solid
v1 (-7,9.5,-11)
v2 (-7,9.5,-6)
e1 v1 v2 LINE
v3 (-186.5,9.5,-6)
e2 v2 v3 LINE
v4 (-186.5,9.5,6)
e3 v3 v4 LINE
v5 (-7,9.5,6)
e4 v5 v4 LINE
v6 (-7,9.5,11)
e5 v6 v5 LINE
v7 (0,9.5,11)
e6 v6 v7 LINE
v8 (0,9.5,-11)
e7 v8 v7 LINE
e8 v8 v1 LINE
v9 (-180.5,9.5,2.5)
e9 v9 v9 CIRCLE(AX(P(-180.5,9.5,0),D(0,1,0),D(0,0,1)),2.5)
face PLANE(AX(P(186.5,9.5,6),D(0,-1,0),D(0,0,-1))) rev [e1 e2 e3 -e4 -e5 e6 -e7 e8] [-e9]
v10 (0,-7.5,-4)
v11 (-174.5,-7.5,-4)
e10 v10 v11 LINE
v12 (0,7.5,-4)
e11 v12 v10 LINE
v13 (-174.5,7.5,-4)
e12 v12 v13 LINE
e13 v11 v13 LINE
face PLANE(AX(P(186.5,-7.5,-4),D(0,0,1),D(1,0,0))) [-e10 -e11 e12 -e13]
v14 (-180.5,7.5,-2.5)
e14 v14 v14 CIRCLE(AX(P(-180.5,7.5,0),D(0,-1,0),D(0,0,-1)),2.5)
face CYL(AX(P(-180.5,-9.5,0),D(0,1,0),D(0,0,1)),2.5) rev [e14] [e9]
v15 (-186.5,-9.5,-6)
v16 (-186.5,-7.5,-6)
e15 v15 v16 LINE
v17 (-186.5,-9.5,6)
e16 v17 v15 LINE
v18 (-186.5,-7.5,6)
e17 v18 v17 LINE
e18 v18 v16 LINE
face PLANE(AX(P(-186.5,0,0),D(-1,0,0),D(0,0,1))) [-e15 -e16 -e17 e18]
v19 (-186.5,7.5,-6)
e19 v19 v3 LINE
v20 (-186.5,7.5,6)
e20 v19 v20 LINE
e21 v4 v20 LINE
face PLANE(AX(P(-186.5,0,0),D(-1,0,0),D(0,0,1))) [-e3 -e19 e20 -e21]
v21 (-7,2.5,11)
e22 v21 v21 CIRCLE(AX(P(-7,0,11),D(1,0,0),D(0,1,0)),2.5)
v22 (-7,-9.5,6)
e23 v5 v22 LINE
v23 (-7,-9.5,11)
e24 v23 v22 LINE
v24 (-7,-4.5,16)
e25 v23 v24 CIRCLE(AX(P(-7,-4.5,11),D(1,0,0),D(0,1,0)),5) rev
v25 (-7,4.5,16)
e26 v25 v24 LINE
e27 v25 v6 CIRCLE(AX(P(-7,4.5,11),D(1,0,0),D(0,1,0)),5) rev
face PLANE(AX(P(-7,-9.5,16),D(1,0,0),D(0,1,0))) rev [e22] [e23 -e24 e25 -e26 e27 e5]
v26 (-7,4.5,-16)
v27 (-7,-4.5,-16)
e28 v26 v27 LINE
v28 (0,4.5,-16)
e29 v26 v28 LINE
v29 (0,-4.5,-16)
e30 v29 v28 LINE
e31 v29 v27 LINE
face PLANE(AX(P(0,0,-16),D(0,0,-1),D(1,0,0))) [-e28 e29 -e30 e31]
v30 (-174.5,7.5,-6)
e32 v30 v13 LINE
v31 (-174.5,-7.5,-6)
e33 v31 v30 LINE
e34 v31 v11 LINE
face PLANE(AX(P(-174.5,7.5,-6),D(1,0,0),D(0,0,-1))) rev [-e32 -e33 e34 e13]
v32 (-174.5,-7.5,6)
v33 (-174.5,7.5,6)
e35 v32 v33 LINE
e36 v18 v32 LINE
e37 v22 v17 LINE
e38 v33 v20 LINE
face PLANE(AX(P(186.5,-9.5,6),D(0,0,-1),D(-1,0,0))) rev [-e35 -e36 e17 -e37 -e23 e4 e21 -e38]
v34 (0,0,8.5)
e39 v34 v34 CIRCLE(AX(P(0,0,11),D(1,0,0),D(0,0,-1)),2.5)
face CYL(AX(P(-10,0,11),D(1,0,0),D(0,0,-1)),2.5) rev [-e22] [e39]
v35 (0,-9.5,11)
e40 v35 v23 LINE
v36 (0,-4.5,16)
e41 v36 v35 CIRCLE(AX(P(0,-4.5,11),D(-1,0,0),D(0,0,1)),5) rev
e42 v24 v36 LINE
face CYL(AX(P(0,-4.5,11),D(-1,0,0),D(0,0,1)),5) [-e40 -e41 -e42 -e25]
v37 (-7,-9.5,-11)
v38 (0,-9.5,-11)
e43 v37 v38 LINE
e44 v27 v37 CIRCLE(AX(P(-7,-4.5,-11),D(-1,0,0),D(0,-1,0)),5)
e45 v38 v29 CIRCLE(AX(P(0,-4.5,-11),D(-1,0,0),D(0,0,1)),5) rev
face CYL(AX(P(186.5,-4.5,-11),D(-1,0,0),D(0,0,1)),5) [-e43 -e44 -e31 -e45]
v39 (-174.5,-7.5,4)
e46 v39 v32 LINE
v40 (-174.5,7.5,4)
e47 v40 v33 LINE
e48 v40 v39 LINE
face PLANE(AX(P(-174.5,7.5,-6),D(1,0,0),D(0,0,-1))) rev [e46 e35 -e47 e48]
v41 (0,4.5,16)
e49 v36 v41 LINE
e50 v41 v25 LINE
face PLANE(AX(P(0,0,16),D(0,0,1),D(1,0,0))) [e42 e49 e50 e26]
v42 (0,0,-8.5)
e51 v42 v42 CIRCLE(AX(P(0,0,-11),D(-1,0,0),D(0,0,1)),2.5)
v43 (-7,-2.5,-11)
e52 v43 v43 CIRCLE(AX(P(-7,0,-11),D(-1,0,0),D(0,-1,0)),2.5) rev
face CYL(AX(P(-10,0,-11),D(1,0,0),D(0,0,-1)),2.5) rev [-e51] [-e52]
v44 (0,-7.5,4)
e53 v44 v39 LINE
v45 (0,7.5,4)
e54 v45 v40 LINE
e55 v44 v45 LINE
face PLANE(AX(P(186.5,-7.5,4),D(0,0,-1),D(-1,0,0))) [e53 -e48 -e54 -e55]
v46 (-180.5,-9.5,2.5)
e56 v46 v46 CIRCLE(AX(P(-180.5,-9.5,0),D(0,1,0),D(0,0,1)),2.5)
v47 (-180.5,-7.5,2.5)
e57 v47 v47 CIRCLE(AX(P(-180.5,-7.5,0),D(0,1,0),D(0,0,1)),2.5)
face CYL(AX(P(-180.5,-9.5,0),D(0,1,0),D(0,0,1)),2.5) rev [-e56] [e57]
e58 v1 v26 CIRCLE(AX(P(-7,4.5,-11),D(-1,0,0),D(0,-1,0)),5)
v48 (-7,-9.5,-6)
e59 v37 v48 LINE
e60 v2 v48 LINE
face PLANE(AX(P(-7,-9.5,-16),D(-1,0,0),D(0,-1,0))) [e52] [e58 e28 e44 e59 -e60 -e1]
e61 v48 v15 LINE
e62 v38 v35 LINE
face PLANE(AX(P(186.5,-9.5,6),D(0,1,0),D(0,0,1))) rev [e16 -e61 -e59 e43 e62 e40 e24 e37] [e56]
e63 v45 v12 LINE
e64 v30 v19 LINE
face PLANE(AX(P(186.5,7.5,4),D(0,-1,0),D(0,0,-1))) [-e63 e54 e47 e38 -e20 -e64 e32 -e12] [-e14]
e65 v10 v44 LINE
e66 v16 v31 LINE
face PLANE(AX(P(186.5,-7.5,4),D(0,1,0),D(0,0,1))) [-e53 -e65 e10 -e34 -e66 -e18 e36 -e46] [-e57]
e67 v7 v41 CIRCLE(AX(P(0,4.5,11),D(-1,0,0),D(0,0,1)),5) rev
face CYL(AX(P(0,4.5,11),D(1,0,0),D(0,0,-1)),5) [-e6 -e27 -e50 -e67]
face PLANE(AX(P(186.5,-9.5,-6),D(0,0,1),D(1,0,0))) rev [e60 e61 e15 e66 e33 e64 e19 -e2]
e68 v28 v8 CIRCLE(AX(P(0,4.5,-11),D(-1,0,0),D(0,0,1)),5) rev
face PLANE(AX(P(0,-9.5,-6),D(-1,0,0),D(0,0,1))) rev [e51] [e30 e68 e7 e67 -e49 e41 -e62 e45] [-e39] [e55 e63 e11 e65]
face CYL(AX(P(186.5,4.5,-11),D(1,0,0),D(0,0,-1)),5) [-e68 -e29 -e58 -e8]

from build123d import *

# Parameters (mm, degrees)
CROQUIS1_W              = 12
CROQUIS1_H              = 19
CROQUIS1_W_2            = 8
CROQUIS1_H_2            = 15
SALIENTE_EXTRUIR1_DEPTH = 186.5
CROQUIS2_W              = 12
CROQUIS2_H              = 15
CORTAR_EXTRUIR1_DEPTH   = 12
CROQUIS3_R              = 2.5
CORTAR_EXTRUIR2_DEPTH   = 19
SKETCH1_W               = 186.5
SKETCH1_H               = 19
CUT_EXTRUDE1_DEPTH      = 13
SKETCH2_W               = 7
SKETCH2_H               = 19
BOSS_EXTRUDE1_DEPTH     = 10
SKETCH3_R               = 2.5
CUT_EXTRUDE2_DEPTH      = 10
FILLET1_R               = 5
FILLET2_R               = 5


with BuildPart() as part:
    # Croquis1 → Saliente-Extruir1 (new body, symmetric)
    with BuildSketch(Plane(origin=(0, 0, 0), x_dir=(0, 0, -1), z_dir=(1, 0, 0))):
        Rectangle(CROQUIS1_W, CROQUIS1_H)
        Rectangle(CROQUIS1_W_2, CROQUIS1_H_2, mode=Mode.SUBTRACT)
    extrude(amount=SALIENTE_EXTRUIR1_DEPTH, both=True)

    # Croquis2 → Cortar-Extruir1 (cut)
    with BuildSketch(Plane.XY.offset(6)):
        with Locations((-180.5, 0)):
            Rectangle(CROQUIS2_W, CROQUIS2_H)
        with Locations((180.5, 0)):
            Rectangle(CROQUIS2_W, CROQUIS2_H)
    extrude(amount=-CORTAR_EXTRUIR1_DEPTH, mode=Mode.SUBTRACT)

    # Croquis3 → Cortar-Extruir2 (cut)
    with BuildSketch(Plane(origin=(0, 9.5, 0), x_dir=(1, 0, 0), z_dir=(0, 1, 0))):
        with Locations((-180.5, 0)):
            Circle(CROQUIS3_R)
        with Locations((180.5, 0)):
            Circle(CROQUIS3_R)
    extrude(amount=-CORTAR_EXTRUIR2_DEPTH, mode=Mode.SUBTRACT)

    # Sketch1 → Cut-Extrude1 (cut, through all)
    with BuildSketch(Plane.XY.offset(6)):
        with Locations((93.25, 0)):
            Rectangle(SKETCH1_W, SKETCH1_H)
    extrude(amount=-CUT_EXTRUDE1_DEPTH, mode=Mode.SUBTRACT)

    # Sketch2 → Boss-Extrude1 (add)
    with BuildSketch(Plane.XY.offset(6)):
        with Locations((-3.5, 0)):
            Rectangle(SKETCH2_W, SKETCH2_H)
    boss_extrude1 = extrude(amount=BOSS_EXTRUDE1_DEPTH)

    # Sketch3 → Cut-Extrude2 (cut)
    with BuildSketch(Plane(origin=(0, 0, 0), x_dir=(0, 0, -1), z_dir=(1, 0, 0))):
        with Locations((-11, 0)):
            Circle(SKETCH3_R)
    cut_extrude2 = extrude(amount=-CUT_EXTRUDE2_DEPTH, mode=Mode.SUBTRACT)

    # Fillet1
    fillet1_edges = [part.edges().sort_by_distance(p)[0] for p in [
        (-3.5, 9.5, 16),
        (-3.5, -9.5, 16),
    ]]
    fillet(fillet1_edges, radius=FILLET1_R)

    # Mirror1: Boss-Extrude1, Cut-Extrude2 across plane
    add(boss_extrude1.mirror(Plane.XY))
    add(cut_extrude2.mirror(Plane.XY), mode=Mode.SUBTRACT)

    # Fillet2
    fillet2_edges = [part.edges().sort_by_distance(p)[0] for p in [
        (-3.5, -9.5, -16),
        (-3.5, 9.5, -16),
    ]]
    fillet(fillet2_edges, radius=FILLET2_R)


solid = part.part
